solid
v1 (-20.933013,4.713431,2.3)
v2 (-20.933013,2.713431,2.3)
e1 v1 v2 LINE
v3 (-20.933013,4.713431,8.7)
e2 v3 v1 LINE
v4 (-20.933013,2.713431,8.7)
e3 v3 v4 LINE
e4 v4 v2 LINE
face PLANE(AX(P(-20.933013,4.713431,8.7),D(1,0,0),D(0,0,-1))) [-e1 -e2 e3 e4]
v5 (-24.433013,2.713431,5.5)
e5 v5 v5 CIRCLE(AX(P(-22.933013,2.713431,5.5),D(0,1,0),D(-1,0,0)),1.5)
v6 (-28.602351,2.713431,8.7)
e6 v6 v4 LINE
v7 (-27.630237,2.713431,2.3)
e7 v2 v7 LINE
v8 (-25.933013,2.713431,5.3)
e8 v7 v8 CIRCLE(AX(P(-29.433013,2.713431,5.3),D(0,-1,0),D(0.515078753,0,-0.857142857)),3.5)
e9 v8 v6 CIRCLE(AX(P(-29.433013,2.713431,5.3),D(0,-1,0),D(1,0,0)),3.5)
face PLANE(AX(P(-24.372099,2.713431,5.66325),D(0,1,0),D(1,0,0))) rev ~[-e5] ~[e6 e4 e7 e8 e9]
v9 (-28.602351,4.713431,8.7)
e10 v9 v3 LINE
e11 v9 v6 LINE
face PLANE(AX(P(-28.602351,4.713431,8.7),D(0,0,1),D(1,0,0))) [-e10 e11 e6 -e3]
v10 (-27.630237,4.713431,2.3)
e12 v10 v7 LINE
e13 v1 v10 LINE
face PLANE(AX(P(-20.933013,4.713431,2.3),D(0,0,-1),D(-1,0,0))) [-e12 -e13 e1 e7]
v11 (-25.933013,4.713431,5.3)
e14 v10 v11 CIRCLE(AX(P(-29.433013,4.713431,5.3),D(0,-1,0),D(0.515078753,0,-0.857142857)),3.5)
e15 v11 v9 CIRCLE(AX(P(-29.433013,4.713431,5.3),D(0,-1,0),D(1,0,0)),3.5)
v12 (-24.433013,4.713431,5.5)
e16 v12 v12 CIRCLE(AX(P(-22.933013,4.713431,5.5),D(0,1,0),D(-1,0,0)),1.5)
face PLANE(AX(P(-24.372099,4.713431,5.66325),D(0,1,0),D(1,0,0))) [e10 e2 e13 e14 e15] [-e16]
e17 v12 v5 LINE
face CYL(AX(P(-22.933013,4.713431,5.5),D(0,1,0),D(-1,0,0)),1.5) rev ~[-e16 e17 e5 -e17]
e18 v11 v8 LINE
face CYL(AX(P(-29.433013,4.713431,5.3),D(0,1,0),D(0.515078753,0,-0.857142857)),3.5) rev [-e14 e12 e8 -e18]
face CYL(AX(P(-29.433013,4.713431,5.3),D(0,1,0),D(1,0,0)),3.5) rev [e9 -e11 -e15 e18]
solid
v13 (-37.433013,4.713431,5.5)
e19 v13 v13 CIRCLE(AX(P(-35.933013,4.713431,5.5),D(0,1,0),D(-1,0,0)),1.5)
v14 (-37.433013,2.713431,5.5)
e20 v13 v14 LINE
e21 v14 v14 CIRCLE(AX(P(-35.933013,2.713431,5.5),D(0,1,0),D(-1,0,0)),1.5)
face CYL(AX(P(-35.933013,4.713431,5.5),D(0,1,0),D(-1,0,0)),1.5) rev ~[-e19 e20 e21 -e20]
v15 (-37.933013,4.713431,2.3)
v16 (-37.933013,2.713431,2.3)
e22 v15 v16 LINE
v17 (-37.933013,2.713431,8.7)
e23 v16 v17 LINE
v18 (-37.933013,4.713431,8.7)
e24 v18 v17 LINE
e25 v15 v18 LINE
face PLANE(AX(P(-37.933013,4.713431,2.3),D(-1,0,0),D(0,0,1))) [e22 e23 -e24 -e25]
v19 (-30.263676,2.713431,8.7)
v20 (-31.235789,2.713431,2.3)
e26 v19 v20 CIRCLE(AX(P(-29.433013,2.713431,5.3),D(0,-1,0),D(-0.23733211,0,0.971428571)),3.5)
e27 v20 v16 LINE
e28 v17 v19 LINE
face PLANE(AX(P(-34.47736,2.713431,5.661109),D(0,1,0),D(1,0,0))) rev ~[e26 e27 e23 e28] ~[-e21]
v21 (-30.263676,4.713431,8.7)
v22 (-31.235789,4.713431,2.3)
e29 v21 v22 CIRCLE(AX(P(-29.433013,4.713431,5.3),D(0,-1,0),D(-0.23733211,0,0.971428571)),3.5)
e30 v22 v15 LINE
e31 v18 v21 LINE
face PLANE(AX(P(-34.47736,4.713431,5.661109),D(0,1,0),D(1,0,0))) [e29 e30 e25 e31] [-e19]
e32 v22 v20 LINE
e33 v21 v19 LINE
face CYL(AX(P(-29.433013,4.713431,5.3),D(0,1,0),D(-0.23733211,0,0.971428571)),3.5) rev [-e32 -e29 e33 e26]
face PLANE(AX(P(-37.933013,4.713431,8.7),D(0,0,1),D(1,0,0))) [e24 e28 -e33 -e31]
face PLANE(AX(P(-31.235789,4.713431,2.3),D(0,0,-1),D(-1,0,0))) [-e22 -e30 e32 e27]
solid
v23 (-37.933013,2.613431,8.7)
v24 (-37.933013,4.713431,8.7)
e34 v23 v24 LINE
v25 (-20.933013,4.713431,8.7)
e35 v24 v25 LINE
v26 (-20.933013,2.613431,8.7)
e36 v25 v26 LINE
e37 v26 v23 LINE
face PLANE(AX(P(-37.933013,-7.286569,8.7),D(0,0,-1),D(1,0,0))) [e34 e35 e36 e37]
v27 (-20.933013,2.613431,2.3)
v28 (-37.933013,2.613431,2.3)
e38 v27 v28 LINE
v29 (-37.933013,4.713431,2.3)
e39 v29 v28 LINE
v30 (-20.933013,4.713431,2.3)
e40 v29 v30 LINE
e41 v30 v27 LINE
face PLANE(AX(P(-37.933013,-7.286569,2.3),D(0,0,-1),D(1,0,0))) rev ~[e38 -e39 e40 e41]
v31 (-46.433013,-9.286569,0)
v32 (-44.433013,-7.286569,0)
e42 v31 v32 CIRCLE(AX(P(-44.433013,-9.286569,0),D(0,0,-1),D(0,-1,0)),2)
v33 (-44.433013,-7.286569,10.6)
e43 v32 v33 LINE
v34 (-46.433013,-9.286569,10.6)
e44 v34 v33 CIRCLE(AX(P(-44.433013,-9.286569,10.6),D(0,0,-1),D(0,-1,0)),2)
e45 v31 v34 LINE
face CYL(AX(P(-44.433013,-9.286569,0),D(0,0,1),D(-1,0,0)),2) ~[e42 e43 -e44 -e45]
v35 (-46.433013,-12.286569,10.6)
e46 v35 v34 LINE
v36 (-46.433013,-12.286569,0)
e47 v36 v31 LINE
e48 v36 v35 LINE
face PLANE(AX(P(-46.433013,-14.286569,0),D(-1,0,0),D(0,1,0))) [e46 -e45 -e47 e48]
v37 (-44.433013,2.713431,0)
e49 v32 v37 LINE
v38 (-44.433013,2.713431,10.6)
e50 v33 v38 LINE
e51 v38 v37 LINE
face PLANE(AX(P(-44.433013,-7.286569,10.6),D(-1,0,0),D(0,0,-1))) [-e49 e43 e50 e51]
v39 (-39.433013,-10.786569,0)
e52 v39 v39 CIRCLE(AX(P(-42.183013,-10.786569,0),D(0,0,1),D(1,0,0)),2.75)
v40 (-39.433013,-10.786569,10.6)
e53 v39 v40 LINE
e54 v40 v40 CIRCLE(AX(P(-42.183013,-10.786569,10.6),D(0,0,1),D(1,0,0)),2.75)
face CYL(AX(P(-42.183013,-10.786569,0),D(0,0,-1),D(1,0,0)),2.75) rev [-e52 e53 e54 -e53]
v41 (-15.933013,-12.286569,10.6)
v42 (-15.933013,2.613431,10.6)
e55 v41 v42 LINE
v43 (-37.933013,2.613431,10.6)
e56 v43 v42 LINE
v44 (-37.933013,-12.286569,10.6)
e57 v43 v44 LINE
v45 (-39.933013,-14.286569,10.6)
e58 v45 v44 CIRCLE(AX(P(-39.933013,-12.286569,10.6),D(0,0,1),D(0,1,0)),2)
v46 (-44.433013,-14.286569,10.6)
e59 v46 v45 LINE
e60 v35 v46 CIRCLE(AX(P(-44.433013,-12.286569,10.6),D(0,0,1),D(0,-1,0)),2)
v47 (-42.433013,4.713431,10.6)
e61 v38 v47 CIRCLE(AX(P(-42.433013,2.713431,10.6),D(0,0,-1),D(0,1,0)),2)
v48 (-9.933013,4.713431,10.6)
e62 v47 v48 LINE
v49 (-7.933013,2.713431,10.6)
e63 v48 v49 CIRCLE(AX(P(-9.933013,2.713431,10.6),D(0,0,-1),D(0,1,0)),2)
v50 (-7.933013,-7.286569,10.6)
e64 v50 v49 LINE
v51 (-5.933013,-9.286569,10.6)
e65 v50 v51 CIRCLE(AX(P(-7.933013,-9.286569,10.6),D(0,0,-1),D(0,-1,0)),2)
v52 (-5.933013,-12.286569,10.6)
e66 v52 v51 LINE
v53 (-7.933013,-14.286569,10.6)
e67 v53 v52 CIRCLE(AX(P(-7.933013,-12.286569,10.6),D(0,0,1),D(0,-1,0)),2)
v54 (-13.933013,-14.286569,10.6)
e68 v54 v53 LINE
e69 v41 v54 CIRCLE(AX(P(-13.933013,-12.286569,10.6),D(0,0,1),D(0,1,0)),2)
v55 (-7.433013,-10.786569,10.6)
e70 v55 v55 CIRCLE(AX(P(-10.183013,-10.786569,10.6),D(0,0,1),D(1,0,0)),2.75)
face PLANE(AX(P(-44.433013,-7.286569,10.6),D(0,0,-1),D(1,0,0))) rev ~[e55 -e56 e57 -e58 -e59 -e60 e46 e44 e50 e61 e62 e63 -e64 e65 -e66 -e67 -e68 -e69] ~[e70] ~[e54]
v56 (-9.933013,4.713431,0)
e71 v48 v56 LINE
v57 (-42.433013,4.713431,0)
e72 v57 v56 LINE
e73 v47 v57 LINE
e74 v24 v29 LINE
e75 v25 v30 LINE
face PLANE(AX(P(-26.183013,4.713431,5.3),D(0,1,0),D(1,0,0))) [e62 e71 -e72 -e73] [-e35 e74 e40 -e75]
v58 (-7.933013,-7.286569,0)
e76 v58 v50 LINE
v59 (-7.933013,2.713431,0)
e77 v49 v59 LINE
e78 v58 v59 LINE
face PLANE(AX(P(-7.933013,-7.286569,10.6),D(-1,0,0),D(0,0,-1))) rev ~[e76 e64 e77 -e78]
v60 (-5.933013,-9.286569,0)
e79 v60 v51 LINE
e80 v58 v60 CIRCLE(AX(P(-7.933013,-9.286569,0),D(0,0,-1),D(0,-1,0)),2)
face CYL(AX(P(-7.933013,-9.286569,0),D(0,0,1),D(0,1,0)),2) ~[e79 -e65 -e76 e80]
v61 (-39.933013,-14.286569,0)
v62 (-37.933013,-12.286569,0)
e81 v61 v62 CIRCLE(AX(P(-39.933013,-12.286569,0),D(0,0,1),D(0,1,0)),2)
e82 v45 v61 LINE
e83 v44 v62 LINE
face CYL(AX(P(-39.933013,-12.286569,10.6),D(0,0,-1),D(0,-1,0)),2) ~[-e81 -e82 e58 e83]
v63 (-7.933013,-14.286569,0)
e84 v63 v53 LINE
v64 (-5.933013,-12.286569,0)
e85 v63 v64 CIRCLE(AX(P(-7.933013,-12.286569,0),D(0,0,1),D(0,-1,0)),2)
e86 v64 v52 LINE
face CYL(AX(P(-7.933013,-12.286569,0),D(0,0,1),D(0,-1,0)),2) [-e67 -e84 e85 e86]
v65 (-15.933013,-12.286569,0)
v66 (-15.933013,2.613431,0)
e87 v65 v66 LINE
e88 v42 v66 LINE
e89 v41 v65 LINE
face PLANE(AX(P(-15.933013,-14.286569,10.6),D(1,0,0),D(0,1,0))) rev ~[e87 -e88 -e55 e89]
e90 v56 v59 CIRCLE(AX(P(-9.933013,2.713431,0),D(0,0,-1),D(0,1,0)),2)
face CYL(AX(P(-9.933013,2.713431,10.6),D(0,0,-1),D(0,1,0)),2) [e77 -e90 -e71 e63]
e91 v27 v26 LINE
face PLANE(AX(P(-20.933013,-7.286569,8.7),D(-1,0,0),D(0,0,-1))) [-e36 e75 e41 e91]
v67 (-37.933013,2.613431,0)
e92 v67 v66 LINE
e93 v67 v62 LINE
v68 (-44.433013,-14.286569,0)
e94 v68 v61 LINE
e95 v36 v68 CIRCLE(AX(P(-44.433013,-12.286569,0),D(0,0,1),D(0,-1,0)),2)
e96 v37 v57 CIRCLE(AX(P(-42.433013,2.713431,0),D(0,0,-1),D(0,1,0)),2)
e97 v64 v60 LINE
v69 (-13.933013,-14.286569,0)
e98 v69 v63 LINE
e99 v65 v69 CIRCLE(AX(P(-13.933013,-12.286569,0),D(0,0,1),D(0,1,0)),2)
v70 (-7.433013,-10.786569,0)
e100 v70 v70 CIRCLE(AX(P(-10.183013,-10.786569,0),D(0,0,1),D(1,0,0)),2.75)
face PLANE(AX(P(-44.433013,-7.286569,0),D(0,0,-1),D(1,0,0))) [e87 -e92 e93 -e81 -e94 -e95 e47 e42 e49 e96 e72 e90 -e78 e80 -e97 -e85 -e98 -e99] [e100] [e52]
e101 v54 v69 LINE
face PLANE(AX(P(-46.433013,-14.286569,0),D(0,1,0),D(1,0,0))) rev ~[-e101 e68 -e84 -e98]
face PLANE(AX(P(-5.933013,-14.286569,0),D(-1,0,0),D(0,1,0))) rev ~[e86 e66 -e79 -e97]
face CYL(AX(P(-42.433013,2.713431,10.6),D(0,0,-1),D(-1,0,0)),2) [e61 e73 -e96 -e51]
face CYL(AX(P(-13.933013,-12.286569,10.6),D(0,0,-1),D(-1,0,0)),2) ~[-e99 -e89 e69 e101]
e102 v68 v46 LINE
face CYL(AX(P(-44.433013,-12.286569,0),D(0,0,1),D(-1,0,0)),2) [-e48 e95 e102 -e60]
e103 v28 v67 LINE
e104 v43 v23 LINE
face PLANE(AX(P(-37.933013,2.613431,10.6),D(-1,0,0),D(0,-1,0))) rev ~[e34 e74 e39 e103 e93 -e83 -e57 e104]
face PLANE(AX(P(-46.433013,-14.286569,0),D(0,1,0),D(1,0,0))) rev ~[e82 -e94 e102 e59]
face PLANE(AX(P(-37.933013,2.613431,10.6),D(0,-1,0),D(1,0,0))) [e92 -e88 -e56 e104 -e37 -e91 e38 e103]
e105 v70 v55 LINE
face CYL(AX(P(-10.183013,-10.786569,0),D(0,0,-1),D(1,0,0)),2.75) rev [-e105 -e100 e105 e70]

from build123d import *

# Parameters (mm, degrees)
CROQUIS1_W                = 40.5
CROQUIS1_H                = 7
CROQUIS1_R                = 2.75
SALIENTE_EXTRUIR1_DEPTH   = 10.6
CROQUIS5_R                = 3.4
CORTAR_EXTRUIR4_DEPTH     = 7
REDONDEO1_R               = 2
CROQUIS7_W                = 17
CROQUIS7_H                = 6.4
CORTAR_EXTRUIR5_DEPTH     = 5
CROQUIS8_R                = 1.5
CORTAR_EXTRUIR6_DEPTH     = 2
CROQUIS11_W               = 36.5
CROQUIS11_H               = 10.6
CROQUIS11_W_2             = 17
CROQUIS11_H_2             = 6.4
SALIENTE_EXTRUIR3_DEPTH   = 12
CROQUIS12_R               = 1.5
SALIENTE_EXTRUIR4_DEPTH   = 2
SALIENTE_EXTRUIR4_2_DEPTH = 2
CORTAR_EXTRUIR7_START     = -10.6
CORTAR_EXTRUIR7_DEPTH     = 10.6
REDONDEO2_R               = 2


with BuildPart() as part:
    # Croquis1 → Saliente-Extruir1 (new body)
    with BuildSketch(Plane.XY):
        with Locations((-26.183013117, -10.786568945)):
            Rectangle(CROQUIS1_W, CROQUIS1_H)
        with Locations((-42.183013117, -10.786568945)):
            Circle(CROQUIS1_R, mode=Mode.SUBTRACT)
        with Locations((-10.183013117, -10.786568945)):
            Circle(CROQUIS1_R, mode=Mode.SUBTRACT)
    extrude(amount=SALIENTE_EXTRUIR1_DEPTH)

    # Croquis5 → Cortar-Extruir4 (cut)
    with BuildSketch(Plane.XZ.offset(14.286568945)):
        with Locations(Location((-29.433013117, 5.3, 0), (0, 0, 270))):
            Circle(CROQUIS5_R)
    extrude(amount=-CORTAR_EXTRUIR4_DEPTH, mode=Mode.SUBTRACT)

    # Redondeo1
    redondeo1_edges = [part.edges().sort_by_distance(p)[0] for p in [
        (-46.433013117, -7.286568945, 5.3),
        (-5.933013117, -7.286568945, 5.3),
        (-5.933013117, -14.286568945, 5.3),
        (-46.433013117, -14.286568945, 5.3),
    ]]
    fillet(redondeo1_edges, radius=REDONDEO1_R)

    # Croquis7 → Cortar-Extruir5 (cut)
    with BuildSketch(Plane(origin=(0, -7.286568945, 0), x_dir=(1, 0, 0), z_dir=(0, 1, 0))):
        with Locations((-29.433013117, -5.5)):
            Rectangle(CROQUIS7_W, CROQUIS7_H)
    extrude(amount=-CORTAR_EXTRUIR5_DEPTH, mode=Mode.SUBTRACT)

    # Croquis8 → Cortar-Extruir6 (cut)
    with BuildSketch(Plane(origin=(0, -12.286568945, 0), x_dir=(1, 0, 0), z_dir=(0, 1, 0))):
        with Locations(Location((-22.933013117, -5.5, 0), (0, 0, 270))):
            Circle(CROQUIS8_R)
        with Locations(Location((-35.933013117, -5.5, 0), (0, 0, 270))):
            Circle(CROQUIS8_R)
    extrude(amount=-CORTAR_EXTRUIR6_DEPTH, mode=Mode.SUBTRACT)

    # Croquis11 → Saliente-Extruir3 (add)
    with BuildSketch(Plane(origin=(0, -7.286568945, 0), x_dir=(1, 0, 0), z_dir=(0, 1, 0))):
        with Locations((-26.183013117, -5.3)):
            Rectangle(CROQUIS11_W, CROQUIS11_H)
        with Locations((-29.433013117, -5.5)):
            Rectangle(CROQUIS11_W_2, CROQUIS11_H_2, mode=Mode.SUBTRACT)
    extrude(amount=SALIENTE_EXTRUIR3_DEPTH)

    # Croquis13 → Cortar-Extruir7 (cut)
    with BuildSketch(Plane(origin=(0, 0, 0), x_dir=(-1, 0, 0), z_dir=(0, 0, -1)).offset(CORTAR_EXTRUIR7_START)):
        Polygon((37.933013117, -14.286568945), (15.933013117, -14.286568945), (15.933013117, 2.613431055), (20.933013117, 2.613431055), (37.933013117, 2.613431055), align=None)
    extrude(amount=CORTAR_EXTRUIR7_DEPTH, mode=Mode.SUBTRACT)

    # Redondeo2
    redondeo2_edges = [part.edges().sort_by_distance(p)[0] for p in [
        (-37.933013117, -14.286568945, 5.3),
        (-15.933013117, -14.286568945, 5.3),
        (-44.433013117, 4.713431055, 5.3),
        (-7.933013117, 4.713431055, 5.3),
    ]]
    fillet(redondeo2_edges, radius=REDONDEO2_R)


with BuildPart() as body_2:
    # Croquis12 → Saliente-Extruir4 (new body)
    with BuildSketch(Plane(origin=(0, 4.713431055, 0), x_dir=(1, 0, 0), z_dir=(0, 1, 0))):
        with BuildLine():
            Line((-31.235788754, -2.3), (-37.933013117, -2.3))
            Line((-37.933013117, -2.3), (-37.933013117, -8.7))
            Line((-37.933013117, -8.7), (-30.263675503, -8.7))
            ThreePointArc((-30.263675503, -8.7), (-32.893323646, -5.825595894), (-31.235788754, -2.3))
        make_face()
        with Locations(Location((-35.933013117, -5.5, 0), (0, 0, 180))):
            Circle(CROQUIS12_R, mode=Mode.SUBTRACT)
    extrude(amount=-SALIENTE_EXTRUIR4_DEPTH)


with BuildPart() as body_3:
    # Croquis12 → Saliente-Extruir4 2 (new body)
    with BuildSketch(Plane(origin=(0, 4.713431055, 0), x_dir=(1, 0, 0), z_dir=(0, 1, 0))):
        with BuildLine():
            Line((-20.933013117, -2.3), (-27.630237479, -2.3))
            ThreePointArc((-27.630237479, -2.3), (-26.386727285, -3.576589824), (-25.933013117, -5.3))
            ThreePointArc((-25.933013117, -5.3), (-26.680076653, -7.461328486), (-28.60235073, -8.7))
            Line((-28.60235073, -8.7), (-20.933013117, -8.7))
            Line((-20.933013117, -8.7), (-20.933013117, -2.3))
        make_face()
        with Locations(Location((-22.933013117, -5.5, 0), (0, 0, 180))):
            Circle(CROQUIS12_R, mode=Mode.SUBTRACT)
    extrude(amount=-SALIENTE_EXTRUIR4_2_DEPTH)


solid = Compound([part.part, body_2.part, body_3.part])
